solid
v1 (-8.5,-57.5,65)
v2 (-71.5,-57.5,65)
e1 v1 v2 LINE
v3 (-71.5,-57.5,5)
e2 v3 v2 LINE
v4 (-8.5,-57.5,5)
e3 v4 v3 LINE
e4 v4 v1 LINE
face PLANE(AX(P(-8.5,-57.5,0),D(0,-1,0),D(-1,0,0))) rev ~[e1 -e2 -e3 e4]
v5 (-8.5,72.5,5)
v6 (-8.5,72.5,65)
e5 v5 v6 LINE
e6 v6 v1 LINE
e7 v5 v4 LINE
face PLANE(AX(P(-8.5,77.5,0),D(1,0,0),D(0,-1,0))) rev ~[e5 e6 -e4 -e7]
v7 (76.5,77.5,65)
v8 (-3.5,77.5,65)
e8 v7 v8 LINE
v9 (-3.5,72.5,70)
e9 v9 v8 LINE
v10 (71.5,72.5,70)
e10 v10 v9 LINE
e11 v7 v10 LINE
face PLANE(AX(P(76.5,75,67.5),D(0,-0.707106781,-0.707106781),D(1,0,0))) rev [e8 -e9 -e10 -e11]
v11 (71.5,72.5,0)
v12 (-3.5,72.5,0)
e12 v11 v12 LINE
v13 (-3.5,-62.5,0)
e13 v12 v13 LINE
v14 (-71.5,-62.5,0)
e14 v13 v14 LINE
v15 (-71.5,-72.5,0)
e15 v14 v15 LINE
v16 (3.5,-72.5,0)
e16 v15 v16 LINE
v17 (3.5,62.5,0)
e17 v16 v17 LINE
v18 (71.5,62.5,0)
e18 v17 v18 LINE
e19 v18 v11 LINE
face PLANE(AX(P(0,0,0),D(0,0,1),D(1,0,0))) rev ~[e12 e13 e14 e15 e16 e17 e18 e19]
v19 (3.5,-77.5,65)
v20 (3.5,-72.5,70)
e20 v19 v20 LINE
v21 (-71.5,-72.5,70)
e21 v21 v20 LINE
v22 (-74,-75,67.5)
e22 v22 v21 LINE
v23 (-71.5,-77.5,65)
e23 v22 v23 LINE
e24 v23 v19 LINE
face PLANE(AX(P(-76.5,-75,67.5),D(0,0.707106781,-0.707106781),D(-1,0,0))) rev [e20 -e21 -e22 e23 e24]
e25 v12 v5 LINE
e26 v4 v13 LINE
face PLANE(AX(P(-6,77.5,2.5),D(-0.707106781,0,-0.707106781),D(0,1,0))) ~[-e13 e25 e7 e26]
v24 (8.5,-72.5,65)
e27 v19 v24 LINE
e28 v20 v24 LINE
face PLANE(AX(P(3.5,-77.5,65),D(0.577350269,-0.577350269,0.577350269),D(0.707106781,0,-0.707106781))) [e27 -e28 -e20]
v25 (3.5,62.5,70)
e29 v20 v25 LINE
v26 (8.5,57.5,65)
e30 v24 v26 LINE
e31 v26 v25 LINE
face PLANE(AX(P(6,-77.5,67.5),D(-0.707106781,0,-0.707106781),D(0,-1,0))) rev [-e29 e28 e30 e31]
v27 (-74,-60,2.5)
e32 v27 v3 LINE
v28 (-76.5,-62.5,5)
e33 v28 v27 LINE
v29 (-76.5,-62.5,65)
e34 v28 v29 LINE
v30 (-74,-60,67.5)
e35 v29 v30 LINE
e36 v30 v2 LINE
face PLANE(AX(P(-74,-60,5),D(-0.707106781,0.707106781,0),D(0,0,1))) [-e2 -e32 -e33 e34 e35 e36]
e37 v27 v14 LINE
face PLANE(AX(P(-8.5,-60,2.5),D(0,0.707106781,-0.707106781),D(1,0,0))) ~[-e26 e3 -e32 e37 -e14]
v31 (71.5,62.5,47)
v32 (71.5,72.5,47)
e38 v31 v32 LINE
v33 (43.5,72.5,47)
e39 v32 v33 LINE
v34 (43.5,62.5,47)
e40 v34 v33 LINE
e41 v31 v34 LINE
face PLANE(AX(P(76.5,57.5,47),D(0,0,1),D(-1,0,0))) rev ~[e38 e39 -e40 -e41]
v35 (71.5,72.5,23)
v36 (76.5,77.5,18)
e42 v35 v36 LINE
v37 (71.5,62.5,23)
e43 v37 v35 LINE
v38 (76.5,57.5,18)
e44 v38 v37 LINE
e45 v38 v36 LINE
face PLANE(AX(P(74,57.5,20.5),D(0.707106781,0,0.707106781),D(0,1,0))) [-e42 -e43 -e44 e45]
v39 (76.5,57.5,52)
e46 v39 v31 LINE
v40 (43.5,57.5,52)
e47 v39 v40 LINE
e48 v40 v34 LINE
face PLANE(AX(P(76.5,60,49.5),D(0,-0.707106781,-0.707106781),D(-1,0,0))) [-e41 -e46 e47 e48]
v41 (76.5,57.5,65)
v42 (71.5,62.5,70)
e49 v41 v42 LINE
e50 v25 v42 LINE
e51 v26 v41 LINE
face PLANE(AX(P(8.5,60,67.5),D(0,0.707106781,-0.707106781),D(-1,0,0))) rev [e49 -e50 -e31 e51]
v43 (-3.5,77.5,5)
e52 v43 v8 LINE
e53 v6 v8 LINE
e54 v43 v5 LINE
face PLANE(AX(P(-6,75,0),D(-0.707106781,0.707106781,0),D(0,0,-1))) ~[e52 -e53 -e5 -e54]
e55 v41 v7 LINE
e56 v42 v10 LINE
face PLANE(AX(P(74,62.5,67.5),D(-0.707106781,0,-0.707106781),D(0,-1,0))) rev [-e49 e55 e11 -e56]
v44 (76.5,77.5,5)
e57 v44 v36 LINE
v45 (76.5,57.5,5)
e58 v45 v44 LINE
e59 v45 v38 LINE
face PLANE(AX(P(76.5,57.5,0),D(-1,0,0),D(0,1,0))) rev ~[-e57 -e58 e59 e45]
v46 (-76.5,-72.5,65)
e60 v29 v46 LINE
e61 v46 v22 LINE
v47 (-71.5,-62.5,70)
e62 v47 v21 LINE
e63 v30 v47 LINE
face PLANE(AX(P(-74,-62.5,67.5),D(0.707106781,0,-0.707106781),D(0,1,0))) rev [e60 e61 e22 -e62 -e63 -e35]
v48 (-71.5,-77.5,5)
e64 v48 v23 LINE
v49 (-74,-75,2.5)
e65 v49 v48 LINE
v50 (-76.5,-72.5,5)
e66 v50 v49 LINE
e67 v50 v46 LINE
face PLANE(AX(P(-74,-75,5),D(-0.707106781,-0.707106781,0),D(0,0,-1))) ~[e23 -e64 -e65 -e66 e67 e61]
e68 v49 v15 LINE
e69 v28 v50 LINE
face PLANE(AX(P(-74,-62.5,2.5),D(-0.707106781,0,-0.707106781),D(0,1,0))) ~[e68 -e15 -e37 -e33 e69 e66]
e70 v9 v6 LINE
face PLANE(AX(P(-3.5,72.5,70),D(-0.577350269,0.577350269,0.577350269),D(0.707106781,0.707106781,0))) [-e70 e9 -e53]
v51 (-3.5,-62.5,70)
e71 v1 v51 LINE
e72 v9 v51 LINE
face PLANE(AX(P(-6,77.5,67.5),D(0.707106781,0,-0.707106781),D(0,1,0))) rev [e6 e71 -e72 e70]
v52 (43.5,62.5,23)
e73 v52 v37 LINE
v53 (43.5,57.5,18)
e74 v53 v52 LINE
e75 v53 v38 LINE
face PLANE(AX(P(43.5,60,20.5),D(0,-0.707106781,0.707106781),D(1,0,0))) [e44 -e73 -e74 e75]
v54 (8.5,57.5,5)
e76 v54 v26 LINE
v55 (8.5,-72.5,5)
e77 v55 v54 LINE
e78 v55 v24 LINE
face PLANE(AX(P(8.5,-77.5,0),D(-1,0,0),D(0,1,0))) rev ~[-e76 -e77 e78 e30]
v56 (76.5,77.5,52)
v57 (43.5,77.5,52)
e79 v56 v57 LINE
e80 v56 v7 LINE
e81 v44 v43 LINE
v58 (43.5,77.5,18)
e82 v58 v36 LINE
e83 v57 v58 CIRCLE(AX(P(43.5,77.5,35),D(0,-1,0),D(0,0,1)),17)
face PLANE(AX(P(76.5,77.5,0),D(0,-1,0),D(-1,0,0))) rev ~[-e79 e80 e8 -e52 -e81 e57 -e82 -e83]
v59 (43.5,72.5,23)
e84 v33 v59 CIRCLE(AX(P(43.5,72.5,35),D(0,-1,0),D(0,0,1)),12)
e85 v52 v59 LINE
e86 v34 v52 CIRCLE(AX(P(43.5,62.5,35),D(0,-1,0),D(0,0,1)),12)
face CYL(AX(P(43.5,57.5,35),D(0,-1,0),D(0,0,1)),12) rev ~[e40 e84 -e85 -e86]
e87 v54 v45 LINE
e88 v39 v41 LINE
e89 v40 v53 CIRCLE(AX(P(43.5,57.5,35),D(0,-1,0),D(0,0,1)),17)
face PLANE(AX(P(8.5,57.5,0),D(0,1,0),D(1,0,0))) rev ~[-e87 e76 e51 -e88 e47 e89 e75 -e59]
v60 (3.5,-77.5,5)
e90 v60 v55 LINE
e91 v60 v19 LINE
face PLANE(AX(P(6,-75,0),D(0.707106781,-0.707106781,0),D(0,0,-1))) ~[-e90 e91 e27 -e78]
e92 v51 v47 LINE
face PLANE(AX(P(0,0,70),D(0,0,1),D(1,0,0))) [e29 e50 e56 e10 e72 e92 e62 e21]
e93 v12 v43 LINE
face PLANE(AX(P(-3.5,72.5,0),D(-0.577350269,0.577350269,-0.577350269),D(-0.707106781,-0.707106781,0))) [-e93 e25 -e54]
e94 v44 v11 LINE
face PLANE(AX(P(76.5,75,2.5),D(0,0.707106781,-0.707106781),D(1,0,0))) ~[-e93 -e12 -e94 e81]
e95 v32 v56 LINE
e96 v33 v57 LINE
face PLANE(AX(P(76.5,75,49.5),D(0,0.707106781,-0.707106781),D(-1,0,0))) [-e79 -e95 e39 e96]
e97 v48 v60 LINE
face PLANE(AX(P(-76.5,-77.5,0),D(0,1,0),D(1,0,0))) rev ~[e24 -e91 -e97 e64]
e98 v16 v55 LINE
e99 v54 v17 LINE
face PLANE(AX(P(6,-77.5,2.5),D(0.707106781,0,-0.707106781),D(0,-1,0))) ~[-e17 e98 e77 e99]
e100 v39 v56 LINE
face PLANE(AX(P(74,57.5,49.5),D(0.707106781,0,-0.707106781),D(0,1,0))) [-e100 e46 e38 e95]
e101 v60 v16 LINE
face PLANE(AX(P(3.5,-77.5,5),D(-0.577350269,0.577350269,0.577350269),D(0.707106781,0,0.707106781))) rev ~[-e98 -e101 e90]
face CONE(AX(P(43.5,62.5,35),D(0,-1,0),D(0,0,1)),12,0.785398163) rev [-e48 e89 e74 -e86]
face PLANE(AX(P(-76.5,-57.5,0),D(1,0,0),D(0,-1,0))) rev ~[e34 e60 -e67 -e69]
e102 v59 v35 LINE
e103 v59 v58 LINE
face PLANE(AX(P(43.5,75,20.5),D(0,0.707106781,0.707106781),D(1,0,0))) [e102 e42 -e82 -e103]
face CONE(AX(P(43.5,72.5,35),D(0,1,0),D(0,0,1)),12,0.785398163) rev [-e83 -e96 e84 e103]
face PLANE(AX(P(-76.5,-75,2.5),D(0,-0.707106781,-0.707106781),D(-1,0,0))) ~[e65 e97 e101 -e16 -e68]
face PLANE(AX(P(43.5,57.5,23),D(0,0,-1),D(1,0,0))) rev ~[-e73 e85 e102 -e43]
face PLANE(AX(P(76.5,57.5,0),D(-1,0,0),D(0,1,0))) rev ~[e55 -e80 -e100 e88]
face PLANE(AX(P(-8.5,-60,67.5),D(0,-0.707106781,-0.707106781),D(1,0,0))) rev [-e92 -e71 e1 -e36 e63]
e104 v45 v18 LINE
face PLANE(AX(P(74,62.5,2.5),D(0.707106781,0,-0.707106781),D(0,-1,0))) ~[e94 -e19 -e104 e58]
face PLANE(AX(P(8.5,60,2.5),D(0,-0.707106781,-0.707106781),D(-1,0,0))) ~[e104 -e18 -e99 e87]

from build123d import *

# Parameters (mm, degrees)
F0_W     = 17
F0_H     = 115
F1_DEPTH = 70
F2_SIZE  = 5
F4_DEPTH = 20.001
F5_SIZE  = 5
F6_SIZE  = 5


with BuildPart() as f1:
    # F0 (on Top) → F1 (new body)
    with BuildSketch(Plane.XY):
        Rectangle(F0_W, F0_H)
        Polygon((-8.5, 57.5), (8.5, 57.5), (76.5, 57.5), (76.5, 77.5), (-8.5, 77.5), align=None)
        Polygon((8.5, -77.5), (8.5, -57.5), (-8.5, -57.5), (-76.5, -57.5), (-76.5, -77.5), align=None)
    extrude(amount=F1_DEPTH)

    # F2
    f2_edges = [f1.edges().sort_by_distance(p)[0] for p in [
        (-8.5, 77.5, 35),
        (-8.5, 10, 70),
        (34, 77.5, 70),
        (-42.5, -57.5, 70),
        (8.5, -10, 70),
        (-34, -77.5, 70),
        (42.5, 57.5, 70),
        (34, 77.5, 0),
        (42.5, 57.5, 0),
        (8.5, -10, 0),
        (-34, -77.5, 0),
        (8.5, -77.5, 35),
        (-42.5, -57.5, 0),
        (-8.5, 10, 0),
    ]]
    chamfer(f2_edges, length=F2_SIZE)

    # F3 (on face) → F4 (cut, through all)
    with BuildSketch(Plane.XZ.offset(-57.5)):
        with BuildLine():
            Line((43.5, 23), (43.5, 47))
            ThreePointArc((43.5, 47), (31.5, 35), (43.5, 23))
        make_face()
        with BuildLine():
            ThreePointArc((43.5, 23), (51.9852813742, 26.5147186258), (55.5, 35))
            ThreePointArc((55.5, 35), (51.9852813742, 43.4852813742), (43.5, 47))
            Line((43.5, 47), (43.5, 23))
        make_face()
        with BuildLine():
            ThreePointArc((43.5, 47), (51.9852813742, 43.4852813742), (55.5, 35))
            ThreePointArc((55.5, 35), (51.9852813742, 26.5147186258), (43.5, 23))
            Line((43.5, 23), (76.5, 23))
            Line((76.5, 23), (76.5, 47))
            Line((76.5, 47), (43.5, 47))
        make_face()
    extrude(amount=-F4_DEPTH, mode=Mode.SUBTRACT)

    # F5
    f5_edges = [f1.edges().sort_by_distance(p)[0] for p in [
        (31.5, 57.5, 35),
        (31.5, 77.5, 35),
        (76.5, 67.5, 47),
        (76.5, 67.5, 23),
    ]]
    chamfer(f5_edges, length=F5_SIZE)

    # F6 (call 1 of 6: OpenCascade refuses the feature's edges together)
    f6_edges = [f1.edges().sort_by_distance(p)[0] for p in [
        (76.5, 67.5, 70),
    ]]
    chamfer(f6_edges, length=F6_SIZE)

    # F6#2 (call 2 of 6)
    f6_2_edges = [f1.edges().sort_by_distance(p)[0] for p in [
        (76.5, 67.5, 0),
    ]]
    chamfer(f6_2_edges, length=F6_SIZE)

    # F6#3 (call 3 of 6)
    f6_3_edges = [f1.edges().sort_by_distance(p)[0] for p in [
        (-76.5, -57.5, 35),
    ]]
    chamfer(f6_3_edges, length=F6_SIZE)

    # F6#4 (call 4 of 6)
    f6_4_edges = [f1.edges().sort_by_distance(p)[0] for p in [
        (-76.5, -77.5, 35),
    ]]
    chamfer(f6_4_edges, length=F6_SIZE)

    # F6#5 (call 5 of 6)
    f6_5_edges = [f1.edges().sort_by_distance(p)[0] for p in [
        (-76.5, -67.5, 0),
    ]]
    chamfer(f6_5_edges, length=F6_SIZE)

    # F6#6 (call 6 of 6)
    f6_6_edges = [f1.edges().sort_by_distance(p)[0] for p in [
        (-76.5, -67.5, 70),
    ]]
    chamfer(f6_6_edges, length=F6_SIZE)


solid = f1.part
